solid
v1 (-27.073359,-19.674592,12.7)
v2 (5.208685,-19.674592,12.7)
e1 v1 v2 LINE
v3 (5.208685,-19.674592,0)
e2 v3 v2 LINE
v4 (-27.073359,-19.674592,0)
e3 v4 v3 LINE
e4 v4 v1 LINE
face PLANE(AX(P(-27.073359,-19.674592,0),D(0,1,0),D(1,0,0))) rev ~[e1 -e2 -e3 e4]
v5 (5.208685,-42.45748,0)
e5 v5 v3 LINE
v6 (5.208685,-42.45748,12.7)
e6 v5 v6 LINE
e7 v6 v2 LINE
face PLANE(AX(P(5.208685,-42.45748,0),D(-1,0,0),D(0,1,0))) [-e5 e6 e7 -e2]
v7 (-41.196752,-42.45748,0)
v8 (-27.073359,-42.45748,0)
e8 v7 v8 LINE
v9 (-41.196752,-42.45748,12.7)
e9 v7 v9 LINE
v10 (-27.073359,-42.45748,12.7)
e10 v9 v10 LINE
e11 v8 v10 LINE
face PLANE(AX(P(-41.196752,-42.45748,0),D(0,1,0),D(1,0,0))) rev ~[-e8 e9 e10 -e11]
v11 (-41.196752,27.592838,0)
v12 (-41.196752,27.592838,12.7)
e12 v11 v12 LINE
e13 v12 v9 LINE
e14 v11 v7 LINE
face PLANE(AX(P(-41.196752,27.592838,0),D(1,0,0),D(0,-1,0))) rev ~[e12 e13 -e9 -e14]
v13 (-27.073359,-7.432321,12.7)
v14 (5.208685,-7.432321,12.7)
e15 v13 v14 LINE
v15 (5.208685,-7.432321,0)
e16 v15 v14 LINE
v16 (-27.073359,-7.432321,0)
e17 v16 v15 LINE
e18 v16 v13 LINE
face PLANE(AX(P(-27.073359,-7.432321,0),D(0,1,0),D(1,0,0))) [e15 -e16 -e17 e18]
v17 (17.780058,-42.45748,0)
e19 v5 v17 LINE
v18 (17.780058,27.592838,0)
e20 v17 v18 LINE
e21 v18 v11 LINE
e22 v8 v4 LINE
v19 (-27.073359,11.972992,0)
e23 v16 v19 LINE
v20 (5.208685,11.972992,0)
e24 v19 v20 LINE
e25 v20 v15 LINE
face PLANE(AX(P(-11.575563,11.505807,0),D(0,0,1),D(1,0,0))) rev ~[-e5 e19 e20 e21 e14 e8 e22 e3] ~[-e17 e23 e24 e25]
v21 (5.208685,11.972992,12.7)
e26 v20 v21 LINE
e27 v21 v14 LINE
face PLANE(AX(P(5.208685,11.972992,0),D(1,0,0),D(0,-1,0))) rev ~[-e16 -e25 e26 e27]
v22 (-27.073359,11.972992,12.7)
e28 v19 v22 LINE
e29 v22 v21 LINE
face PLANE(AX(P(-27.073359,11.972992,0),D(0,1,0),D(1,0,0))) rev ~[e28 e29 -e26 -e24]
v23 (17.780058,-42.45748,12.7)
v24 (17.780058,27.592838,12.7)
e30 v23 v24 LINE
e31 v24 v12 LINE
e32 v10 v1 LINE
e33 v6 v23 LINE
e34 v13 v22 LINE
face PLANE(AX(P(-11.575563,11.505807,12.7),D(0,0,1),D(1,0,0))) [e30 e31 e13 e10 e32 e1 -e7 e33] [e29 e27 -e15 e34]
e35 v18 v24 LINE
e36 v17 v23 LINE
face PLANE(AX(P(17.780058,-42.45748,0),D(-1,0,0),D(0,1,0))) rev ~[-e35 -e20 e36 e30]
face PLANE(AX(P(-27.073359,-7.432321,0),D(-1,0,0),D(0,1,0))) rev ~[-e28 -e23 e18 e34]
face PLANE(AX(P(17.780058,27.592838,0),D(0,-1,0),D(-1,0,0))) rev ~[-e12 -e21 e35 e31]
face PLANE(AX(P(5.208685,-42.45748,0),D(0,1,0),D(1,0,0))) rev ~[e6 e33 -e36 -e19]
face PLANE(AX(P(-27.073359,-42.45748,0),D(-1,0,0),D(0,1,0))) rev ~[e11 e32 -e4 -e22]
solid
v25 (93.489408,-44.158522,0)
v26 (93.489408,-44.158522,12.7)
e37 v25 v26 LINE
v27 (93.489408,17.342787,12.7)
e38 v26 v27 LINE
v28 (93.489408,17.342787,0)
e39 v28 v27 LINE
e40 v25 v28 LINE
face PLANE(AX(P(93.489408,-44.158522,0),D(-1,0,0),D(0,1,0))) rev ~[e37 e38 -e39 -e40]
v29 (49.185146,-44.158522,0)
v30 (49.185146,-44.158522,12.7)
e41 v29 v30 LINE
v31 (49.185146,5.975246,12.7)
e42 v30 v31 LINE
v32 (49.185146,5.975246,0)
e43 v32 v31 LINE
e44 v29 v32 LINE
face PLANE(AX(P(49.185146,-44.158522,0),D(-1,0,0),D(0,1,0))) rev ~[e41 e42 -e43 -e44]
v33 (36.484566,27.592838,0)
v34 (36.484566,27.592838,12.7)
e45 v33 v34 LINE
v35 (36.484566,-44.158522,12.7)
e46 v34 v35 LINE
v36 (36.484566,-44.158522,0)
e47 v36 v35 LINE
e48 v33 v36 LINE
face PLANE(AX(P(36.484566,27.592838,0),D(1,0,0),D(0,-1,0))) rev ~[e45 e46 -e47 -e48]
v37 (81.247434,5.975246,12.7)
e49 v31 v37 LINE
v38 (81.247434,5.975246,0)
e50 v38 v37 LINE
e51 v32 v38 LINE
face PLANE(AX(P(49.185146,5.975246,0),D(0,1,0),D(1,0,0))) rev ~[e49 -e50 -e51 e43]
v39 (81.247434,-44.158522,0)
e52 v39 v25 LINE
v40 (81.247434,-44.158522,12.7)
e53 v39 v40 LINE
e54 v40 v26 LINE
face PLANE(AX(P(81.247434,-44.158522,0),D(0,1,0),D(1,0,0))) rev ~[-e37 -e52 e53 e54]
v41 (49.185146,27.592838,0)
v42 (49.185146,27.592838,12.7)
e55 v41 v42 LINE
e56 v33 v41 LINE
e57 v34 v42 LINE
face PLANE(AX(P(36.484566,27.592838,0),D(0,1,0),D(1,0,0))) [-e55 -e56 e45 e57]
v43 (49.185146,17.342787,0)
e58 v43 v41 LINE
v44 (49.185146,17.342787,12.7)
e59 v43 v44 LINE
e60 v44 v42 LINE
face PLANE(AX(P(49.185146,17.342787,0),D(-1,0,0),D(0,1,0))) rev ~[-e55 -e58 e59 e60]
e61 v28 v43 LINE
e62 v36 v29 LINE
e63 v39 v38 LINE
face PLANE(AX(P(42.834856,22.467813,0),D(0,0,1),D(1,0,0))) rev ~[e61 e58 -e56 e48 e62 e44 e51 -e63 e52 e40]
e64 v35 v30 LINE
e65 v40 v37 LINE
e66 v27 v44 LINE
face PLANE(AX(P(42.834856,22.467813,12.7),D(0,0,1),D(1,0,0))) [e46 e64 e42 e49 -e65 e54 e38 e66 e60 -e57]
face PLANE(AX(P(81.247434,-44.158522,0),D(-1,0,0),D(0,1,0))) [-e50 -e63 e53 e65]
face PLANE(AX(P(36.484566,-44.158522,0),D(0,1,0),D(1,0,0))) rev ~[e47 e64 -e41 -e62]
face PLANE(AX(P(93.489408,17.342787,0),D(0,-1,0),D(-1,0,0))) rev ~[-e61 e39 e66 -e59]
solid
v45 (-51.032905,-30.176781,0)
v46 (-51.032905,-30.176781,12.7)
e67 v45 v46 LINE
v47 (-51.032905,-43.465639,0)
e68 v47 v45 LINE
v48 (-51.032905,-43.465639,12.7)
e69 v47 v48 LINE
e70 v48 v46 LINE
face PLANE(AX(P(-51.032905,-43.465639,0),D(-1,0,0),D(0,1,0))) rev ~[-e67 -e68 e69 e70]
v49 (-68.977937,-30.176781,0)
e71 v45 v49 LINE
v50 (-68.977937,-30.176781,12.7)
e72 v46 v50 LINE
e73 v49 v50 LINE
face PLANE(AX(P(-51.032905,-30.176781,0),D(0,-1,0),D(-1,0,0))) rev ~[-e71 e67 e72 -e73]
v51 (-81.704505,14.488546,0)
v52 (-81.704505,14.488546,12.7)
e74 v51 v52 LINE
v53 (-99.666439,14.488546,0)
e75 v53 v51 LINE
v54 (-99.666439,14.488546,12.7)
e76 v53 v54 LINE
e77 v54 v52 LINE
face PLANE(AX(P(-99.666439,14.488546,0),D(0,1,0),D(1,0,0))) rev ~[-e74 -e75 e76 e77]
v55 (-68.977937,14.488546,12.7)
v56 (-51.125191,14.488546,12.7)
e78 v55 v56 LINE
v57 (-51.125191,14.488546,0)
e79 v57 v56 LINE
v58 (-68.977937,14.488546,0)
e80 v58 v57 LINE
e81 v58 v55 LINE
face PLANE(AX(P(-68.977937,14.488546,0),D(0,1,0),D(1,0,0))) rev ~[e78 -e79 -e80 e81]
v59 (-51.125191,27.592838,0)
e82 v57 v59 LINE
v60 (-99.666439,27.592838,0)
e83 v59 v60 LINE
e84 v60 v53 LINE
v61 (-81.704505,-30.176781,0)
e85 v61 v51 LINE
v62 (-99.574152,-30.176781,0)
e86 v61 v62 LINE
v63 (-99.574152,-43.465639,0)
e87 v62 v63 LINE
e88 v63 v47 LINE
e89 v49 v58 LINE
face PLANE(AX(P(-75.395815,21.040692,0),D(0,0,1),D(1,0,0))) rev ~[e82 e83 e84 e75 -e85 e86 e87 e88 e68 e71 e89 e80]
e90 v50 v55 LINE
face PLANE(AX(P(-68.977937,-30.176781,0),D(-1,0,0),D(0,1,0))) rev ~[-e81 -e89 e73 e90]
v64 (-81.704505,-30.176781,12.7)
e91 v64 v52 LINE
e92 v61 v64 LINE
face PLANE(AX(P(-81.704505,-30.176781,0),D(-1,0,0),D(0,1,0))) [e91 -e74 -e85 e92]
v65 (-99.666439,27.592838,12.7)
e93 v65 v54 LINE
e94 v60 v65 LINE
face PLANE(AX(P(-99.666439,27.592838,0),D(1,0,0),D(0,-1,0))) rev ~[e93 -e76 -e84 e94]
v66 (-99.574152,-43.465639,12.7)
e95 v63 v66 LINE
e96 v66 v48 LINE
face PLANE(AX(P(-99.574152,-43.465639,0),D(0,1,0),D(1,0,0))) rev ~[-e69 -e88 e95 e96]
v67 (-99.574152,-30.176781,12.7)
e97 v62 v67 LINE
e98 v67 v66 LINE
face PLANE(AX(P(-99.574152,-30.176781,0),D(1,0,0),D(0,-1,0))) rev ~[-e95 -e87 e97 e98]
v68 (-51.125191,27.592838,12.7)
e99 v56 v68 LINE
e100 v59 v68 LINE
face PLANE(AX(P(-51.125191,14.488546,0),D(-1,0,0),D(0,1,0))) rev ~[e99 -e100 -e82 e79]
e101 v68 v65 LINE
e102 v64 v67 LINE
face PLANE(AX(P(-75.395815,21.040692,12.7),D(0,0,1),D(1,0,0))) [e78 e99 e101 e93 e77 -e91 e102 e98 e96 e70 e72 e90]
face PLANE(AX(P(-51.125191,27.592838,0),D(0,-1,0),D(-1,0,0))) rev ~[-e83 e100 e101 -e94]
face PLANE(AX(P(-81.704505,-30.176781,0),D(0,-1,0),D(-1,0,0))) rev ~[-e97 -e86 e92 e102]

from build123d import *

# Parameters (mm, degrees)
F0_W     = 12.7005800605
F0_H     = 10.2500505745
F0_H_2   = 11.3675412722
F0_H_3   = 50.1337680034
F0_W_2   = 12.241974473
F1_DEPTH = 12.7
F0_W_3   = 14.1233932227
F0_H_4   = 12.2422706336
F0_W_4   = 12.5713734888
F0_H_5   = 22.7828882635
F0_W_5   = 32.2820437141
F0_W_6   = 12.7265676856
F0_H_6   = 44.66532683


with BuildPart() as f1:
    # F0 (on Top) → F1 (new body)
    with BuildSketch(Plane.XY):
        with Locations((42.8348556161, 22.4678125232)):
            Rectangle(F0_W, F0_H)
        with Locations((42.8348556161, 11.6590165999)):
            Rectangle(F0_W, F0_H_2)
        Polygon((93.489408493, 17.342787236), (49.1851456463, 17.342787236), (49.1851456463, 5.9752459638), (81.24743402, 5.9752459638), (93.489408493, 5.9752459638), align=None)
        with Locations((42.8348556161, -19.0916380379)):
            Rectangle(F0_W, F0_H_3)
        with Locations((87.3684212565, -19.0916380379)):
            Rectangle(F0_W_2, F0_H_3)
    extrude(amount=F1_DEPTH)


with BuildPart() as f1b:
    # F0 (on Top) → F1, piece 2 (new body)
    with BuildSketch(Plane.XY):
        Polygon((17.7800580859, 27.5928378105), (-41.1967523396, 27.5928378105), (-41.1967523396, -7.4323210865), (-27.0733591169, -7.4323210865), (-27.0733591169, 11.9729917496), (5.2086845972, 11.9729917496), (5.2086845972, -7.4323210865), (17.7800580859, -7.4323210865), align=None)
        with Locations((-34.1350557283, -13.5534564033)):
            Rectangle(F0_W_3, F0_H_4)
        with Locations((11.4943713415, -13.5534564033)):
            Rectangle(F0_W_4, F0_H_4)
        with Locations((-34.1350557283, -31.0660358518)):
            Rectangle(F0_W_3, F0_H_5)
        with Locations((-10.9323372599, -13.5534564033)):
            Rectangle(F0_W_5, F0_H_4)
        with Locations((11.4943713415, -31.0660358518)):
            Rectangle(F0_W_4, F0_H_5)
    extrude(amount=F1_DEPTH)


with BuildPart() as f1c:
    # F0 (on Top) → F1, piece 3 (new body)
    with BuildSketch(Plane.XY):
        Polygon((-51.1251911521, 27.5928378105), (-99.6664389968, 27.5928378105), (-99.6664389968, 14.4885461777), (-81.7045047879, 14.4885461777), (-68.9779371023, 14.4885461777), (-51.1251911521, 14.4885461777), align=None)
        with Locations((-75.3412209451, -7.8441172373)):
            Rectangle(F0_W_6, F0_H_6)
        Polygon((-68.9779371023, -30.1767806523), (-81.7045047879, -30.1767806523), (-99.5741523802, -30.1767806523), (-99.5741523802, -43.4656389989), (-51.0329045355, -43.4656389989), (-51.0329045355, -30.1767806523), align=None)
    extrude(amount=F1_DEPTH)


solid = Compound([f1.part, f1b.part, f1c.part])
